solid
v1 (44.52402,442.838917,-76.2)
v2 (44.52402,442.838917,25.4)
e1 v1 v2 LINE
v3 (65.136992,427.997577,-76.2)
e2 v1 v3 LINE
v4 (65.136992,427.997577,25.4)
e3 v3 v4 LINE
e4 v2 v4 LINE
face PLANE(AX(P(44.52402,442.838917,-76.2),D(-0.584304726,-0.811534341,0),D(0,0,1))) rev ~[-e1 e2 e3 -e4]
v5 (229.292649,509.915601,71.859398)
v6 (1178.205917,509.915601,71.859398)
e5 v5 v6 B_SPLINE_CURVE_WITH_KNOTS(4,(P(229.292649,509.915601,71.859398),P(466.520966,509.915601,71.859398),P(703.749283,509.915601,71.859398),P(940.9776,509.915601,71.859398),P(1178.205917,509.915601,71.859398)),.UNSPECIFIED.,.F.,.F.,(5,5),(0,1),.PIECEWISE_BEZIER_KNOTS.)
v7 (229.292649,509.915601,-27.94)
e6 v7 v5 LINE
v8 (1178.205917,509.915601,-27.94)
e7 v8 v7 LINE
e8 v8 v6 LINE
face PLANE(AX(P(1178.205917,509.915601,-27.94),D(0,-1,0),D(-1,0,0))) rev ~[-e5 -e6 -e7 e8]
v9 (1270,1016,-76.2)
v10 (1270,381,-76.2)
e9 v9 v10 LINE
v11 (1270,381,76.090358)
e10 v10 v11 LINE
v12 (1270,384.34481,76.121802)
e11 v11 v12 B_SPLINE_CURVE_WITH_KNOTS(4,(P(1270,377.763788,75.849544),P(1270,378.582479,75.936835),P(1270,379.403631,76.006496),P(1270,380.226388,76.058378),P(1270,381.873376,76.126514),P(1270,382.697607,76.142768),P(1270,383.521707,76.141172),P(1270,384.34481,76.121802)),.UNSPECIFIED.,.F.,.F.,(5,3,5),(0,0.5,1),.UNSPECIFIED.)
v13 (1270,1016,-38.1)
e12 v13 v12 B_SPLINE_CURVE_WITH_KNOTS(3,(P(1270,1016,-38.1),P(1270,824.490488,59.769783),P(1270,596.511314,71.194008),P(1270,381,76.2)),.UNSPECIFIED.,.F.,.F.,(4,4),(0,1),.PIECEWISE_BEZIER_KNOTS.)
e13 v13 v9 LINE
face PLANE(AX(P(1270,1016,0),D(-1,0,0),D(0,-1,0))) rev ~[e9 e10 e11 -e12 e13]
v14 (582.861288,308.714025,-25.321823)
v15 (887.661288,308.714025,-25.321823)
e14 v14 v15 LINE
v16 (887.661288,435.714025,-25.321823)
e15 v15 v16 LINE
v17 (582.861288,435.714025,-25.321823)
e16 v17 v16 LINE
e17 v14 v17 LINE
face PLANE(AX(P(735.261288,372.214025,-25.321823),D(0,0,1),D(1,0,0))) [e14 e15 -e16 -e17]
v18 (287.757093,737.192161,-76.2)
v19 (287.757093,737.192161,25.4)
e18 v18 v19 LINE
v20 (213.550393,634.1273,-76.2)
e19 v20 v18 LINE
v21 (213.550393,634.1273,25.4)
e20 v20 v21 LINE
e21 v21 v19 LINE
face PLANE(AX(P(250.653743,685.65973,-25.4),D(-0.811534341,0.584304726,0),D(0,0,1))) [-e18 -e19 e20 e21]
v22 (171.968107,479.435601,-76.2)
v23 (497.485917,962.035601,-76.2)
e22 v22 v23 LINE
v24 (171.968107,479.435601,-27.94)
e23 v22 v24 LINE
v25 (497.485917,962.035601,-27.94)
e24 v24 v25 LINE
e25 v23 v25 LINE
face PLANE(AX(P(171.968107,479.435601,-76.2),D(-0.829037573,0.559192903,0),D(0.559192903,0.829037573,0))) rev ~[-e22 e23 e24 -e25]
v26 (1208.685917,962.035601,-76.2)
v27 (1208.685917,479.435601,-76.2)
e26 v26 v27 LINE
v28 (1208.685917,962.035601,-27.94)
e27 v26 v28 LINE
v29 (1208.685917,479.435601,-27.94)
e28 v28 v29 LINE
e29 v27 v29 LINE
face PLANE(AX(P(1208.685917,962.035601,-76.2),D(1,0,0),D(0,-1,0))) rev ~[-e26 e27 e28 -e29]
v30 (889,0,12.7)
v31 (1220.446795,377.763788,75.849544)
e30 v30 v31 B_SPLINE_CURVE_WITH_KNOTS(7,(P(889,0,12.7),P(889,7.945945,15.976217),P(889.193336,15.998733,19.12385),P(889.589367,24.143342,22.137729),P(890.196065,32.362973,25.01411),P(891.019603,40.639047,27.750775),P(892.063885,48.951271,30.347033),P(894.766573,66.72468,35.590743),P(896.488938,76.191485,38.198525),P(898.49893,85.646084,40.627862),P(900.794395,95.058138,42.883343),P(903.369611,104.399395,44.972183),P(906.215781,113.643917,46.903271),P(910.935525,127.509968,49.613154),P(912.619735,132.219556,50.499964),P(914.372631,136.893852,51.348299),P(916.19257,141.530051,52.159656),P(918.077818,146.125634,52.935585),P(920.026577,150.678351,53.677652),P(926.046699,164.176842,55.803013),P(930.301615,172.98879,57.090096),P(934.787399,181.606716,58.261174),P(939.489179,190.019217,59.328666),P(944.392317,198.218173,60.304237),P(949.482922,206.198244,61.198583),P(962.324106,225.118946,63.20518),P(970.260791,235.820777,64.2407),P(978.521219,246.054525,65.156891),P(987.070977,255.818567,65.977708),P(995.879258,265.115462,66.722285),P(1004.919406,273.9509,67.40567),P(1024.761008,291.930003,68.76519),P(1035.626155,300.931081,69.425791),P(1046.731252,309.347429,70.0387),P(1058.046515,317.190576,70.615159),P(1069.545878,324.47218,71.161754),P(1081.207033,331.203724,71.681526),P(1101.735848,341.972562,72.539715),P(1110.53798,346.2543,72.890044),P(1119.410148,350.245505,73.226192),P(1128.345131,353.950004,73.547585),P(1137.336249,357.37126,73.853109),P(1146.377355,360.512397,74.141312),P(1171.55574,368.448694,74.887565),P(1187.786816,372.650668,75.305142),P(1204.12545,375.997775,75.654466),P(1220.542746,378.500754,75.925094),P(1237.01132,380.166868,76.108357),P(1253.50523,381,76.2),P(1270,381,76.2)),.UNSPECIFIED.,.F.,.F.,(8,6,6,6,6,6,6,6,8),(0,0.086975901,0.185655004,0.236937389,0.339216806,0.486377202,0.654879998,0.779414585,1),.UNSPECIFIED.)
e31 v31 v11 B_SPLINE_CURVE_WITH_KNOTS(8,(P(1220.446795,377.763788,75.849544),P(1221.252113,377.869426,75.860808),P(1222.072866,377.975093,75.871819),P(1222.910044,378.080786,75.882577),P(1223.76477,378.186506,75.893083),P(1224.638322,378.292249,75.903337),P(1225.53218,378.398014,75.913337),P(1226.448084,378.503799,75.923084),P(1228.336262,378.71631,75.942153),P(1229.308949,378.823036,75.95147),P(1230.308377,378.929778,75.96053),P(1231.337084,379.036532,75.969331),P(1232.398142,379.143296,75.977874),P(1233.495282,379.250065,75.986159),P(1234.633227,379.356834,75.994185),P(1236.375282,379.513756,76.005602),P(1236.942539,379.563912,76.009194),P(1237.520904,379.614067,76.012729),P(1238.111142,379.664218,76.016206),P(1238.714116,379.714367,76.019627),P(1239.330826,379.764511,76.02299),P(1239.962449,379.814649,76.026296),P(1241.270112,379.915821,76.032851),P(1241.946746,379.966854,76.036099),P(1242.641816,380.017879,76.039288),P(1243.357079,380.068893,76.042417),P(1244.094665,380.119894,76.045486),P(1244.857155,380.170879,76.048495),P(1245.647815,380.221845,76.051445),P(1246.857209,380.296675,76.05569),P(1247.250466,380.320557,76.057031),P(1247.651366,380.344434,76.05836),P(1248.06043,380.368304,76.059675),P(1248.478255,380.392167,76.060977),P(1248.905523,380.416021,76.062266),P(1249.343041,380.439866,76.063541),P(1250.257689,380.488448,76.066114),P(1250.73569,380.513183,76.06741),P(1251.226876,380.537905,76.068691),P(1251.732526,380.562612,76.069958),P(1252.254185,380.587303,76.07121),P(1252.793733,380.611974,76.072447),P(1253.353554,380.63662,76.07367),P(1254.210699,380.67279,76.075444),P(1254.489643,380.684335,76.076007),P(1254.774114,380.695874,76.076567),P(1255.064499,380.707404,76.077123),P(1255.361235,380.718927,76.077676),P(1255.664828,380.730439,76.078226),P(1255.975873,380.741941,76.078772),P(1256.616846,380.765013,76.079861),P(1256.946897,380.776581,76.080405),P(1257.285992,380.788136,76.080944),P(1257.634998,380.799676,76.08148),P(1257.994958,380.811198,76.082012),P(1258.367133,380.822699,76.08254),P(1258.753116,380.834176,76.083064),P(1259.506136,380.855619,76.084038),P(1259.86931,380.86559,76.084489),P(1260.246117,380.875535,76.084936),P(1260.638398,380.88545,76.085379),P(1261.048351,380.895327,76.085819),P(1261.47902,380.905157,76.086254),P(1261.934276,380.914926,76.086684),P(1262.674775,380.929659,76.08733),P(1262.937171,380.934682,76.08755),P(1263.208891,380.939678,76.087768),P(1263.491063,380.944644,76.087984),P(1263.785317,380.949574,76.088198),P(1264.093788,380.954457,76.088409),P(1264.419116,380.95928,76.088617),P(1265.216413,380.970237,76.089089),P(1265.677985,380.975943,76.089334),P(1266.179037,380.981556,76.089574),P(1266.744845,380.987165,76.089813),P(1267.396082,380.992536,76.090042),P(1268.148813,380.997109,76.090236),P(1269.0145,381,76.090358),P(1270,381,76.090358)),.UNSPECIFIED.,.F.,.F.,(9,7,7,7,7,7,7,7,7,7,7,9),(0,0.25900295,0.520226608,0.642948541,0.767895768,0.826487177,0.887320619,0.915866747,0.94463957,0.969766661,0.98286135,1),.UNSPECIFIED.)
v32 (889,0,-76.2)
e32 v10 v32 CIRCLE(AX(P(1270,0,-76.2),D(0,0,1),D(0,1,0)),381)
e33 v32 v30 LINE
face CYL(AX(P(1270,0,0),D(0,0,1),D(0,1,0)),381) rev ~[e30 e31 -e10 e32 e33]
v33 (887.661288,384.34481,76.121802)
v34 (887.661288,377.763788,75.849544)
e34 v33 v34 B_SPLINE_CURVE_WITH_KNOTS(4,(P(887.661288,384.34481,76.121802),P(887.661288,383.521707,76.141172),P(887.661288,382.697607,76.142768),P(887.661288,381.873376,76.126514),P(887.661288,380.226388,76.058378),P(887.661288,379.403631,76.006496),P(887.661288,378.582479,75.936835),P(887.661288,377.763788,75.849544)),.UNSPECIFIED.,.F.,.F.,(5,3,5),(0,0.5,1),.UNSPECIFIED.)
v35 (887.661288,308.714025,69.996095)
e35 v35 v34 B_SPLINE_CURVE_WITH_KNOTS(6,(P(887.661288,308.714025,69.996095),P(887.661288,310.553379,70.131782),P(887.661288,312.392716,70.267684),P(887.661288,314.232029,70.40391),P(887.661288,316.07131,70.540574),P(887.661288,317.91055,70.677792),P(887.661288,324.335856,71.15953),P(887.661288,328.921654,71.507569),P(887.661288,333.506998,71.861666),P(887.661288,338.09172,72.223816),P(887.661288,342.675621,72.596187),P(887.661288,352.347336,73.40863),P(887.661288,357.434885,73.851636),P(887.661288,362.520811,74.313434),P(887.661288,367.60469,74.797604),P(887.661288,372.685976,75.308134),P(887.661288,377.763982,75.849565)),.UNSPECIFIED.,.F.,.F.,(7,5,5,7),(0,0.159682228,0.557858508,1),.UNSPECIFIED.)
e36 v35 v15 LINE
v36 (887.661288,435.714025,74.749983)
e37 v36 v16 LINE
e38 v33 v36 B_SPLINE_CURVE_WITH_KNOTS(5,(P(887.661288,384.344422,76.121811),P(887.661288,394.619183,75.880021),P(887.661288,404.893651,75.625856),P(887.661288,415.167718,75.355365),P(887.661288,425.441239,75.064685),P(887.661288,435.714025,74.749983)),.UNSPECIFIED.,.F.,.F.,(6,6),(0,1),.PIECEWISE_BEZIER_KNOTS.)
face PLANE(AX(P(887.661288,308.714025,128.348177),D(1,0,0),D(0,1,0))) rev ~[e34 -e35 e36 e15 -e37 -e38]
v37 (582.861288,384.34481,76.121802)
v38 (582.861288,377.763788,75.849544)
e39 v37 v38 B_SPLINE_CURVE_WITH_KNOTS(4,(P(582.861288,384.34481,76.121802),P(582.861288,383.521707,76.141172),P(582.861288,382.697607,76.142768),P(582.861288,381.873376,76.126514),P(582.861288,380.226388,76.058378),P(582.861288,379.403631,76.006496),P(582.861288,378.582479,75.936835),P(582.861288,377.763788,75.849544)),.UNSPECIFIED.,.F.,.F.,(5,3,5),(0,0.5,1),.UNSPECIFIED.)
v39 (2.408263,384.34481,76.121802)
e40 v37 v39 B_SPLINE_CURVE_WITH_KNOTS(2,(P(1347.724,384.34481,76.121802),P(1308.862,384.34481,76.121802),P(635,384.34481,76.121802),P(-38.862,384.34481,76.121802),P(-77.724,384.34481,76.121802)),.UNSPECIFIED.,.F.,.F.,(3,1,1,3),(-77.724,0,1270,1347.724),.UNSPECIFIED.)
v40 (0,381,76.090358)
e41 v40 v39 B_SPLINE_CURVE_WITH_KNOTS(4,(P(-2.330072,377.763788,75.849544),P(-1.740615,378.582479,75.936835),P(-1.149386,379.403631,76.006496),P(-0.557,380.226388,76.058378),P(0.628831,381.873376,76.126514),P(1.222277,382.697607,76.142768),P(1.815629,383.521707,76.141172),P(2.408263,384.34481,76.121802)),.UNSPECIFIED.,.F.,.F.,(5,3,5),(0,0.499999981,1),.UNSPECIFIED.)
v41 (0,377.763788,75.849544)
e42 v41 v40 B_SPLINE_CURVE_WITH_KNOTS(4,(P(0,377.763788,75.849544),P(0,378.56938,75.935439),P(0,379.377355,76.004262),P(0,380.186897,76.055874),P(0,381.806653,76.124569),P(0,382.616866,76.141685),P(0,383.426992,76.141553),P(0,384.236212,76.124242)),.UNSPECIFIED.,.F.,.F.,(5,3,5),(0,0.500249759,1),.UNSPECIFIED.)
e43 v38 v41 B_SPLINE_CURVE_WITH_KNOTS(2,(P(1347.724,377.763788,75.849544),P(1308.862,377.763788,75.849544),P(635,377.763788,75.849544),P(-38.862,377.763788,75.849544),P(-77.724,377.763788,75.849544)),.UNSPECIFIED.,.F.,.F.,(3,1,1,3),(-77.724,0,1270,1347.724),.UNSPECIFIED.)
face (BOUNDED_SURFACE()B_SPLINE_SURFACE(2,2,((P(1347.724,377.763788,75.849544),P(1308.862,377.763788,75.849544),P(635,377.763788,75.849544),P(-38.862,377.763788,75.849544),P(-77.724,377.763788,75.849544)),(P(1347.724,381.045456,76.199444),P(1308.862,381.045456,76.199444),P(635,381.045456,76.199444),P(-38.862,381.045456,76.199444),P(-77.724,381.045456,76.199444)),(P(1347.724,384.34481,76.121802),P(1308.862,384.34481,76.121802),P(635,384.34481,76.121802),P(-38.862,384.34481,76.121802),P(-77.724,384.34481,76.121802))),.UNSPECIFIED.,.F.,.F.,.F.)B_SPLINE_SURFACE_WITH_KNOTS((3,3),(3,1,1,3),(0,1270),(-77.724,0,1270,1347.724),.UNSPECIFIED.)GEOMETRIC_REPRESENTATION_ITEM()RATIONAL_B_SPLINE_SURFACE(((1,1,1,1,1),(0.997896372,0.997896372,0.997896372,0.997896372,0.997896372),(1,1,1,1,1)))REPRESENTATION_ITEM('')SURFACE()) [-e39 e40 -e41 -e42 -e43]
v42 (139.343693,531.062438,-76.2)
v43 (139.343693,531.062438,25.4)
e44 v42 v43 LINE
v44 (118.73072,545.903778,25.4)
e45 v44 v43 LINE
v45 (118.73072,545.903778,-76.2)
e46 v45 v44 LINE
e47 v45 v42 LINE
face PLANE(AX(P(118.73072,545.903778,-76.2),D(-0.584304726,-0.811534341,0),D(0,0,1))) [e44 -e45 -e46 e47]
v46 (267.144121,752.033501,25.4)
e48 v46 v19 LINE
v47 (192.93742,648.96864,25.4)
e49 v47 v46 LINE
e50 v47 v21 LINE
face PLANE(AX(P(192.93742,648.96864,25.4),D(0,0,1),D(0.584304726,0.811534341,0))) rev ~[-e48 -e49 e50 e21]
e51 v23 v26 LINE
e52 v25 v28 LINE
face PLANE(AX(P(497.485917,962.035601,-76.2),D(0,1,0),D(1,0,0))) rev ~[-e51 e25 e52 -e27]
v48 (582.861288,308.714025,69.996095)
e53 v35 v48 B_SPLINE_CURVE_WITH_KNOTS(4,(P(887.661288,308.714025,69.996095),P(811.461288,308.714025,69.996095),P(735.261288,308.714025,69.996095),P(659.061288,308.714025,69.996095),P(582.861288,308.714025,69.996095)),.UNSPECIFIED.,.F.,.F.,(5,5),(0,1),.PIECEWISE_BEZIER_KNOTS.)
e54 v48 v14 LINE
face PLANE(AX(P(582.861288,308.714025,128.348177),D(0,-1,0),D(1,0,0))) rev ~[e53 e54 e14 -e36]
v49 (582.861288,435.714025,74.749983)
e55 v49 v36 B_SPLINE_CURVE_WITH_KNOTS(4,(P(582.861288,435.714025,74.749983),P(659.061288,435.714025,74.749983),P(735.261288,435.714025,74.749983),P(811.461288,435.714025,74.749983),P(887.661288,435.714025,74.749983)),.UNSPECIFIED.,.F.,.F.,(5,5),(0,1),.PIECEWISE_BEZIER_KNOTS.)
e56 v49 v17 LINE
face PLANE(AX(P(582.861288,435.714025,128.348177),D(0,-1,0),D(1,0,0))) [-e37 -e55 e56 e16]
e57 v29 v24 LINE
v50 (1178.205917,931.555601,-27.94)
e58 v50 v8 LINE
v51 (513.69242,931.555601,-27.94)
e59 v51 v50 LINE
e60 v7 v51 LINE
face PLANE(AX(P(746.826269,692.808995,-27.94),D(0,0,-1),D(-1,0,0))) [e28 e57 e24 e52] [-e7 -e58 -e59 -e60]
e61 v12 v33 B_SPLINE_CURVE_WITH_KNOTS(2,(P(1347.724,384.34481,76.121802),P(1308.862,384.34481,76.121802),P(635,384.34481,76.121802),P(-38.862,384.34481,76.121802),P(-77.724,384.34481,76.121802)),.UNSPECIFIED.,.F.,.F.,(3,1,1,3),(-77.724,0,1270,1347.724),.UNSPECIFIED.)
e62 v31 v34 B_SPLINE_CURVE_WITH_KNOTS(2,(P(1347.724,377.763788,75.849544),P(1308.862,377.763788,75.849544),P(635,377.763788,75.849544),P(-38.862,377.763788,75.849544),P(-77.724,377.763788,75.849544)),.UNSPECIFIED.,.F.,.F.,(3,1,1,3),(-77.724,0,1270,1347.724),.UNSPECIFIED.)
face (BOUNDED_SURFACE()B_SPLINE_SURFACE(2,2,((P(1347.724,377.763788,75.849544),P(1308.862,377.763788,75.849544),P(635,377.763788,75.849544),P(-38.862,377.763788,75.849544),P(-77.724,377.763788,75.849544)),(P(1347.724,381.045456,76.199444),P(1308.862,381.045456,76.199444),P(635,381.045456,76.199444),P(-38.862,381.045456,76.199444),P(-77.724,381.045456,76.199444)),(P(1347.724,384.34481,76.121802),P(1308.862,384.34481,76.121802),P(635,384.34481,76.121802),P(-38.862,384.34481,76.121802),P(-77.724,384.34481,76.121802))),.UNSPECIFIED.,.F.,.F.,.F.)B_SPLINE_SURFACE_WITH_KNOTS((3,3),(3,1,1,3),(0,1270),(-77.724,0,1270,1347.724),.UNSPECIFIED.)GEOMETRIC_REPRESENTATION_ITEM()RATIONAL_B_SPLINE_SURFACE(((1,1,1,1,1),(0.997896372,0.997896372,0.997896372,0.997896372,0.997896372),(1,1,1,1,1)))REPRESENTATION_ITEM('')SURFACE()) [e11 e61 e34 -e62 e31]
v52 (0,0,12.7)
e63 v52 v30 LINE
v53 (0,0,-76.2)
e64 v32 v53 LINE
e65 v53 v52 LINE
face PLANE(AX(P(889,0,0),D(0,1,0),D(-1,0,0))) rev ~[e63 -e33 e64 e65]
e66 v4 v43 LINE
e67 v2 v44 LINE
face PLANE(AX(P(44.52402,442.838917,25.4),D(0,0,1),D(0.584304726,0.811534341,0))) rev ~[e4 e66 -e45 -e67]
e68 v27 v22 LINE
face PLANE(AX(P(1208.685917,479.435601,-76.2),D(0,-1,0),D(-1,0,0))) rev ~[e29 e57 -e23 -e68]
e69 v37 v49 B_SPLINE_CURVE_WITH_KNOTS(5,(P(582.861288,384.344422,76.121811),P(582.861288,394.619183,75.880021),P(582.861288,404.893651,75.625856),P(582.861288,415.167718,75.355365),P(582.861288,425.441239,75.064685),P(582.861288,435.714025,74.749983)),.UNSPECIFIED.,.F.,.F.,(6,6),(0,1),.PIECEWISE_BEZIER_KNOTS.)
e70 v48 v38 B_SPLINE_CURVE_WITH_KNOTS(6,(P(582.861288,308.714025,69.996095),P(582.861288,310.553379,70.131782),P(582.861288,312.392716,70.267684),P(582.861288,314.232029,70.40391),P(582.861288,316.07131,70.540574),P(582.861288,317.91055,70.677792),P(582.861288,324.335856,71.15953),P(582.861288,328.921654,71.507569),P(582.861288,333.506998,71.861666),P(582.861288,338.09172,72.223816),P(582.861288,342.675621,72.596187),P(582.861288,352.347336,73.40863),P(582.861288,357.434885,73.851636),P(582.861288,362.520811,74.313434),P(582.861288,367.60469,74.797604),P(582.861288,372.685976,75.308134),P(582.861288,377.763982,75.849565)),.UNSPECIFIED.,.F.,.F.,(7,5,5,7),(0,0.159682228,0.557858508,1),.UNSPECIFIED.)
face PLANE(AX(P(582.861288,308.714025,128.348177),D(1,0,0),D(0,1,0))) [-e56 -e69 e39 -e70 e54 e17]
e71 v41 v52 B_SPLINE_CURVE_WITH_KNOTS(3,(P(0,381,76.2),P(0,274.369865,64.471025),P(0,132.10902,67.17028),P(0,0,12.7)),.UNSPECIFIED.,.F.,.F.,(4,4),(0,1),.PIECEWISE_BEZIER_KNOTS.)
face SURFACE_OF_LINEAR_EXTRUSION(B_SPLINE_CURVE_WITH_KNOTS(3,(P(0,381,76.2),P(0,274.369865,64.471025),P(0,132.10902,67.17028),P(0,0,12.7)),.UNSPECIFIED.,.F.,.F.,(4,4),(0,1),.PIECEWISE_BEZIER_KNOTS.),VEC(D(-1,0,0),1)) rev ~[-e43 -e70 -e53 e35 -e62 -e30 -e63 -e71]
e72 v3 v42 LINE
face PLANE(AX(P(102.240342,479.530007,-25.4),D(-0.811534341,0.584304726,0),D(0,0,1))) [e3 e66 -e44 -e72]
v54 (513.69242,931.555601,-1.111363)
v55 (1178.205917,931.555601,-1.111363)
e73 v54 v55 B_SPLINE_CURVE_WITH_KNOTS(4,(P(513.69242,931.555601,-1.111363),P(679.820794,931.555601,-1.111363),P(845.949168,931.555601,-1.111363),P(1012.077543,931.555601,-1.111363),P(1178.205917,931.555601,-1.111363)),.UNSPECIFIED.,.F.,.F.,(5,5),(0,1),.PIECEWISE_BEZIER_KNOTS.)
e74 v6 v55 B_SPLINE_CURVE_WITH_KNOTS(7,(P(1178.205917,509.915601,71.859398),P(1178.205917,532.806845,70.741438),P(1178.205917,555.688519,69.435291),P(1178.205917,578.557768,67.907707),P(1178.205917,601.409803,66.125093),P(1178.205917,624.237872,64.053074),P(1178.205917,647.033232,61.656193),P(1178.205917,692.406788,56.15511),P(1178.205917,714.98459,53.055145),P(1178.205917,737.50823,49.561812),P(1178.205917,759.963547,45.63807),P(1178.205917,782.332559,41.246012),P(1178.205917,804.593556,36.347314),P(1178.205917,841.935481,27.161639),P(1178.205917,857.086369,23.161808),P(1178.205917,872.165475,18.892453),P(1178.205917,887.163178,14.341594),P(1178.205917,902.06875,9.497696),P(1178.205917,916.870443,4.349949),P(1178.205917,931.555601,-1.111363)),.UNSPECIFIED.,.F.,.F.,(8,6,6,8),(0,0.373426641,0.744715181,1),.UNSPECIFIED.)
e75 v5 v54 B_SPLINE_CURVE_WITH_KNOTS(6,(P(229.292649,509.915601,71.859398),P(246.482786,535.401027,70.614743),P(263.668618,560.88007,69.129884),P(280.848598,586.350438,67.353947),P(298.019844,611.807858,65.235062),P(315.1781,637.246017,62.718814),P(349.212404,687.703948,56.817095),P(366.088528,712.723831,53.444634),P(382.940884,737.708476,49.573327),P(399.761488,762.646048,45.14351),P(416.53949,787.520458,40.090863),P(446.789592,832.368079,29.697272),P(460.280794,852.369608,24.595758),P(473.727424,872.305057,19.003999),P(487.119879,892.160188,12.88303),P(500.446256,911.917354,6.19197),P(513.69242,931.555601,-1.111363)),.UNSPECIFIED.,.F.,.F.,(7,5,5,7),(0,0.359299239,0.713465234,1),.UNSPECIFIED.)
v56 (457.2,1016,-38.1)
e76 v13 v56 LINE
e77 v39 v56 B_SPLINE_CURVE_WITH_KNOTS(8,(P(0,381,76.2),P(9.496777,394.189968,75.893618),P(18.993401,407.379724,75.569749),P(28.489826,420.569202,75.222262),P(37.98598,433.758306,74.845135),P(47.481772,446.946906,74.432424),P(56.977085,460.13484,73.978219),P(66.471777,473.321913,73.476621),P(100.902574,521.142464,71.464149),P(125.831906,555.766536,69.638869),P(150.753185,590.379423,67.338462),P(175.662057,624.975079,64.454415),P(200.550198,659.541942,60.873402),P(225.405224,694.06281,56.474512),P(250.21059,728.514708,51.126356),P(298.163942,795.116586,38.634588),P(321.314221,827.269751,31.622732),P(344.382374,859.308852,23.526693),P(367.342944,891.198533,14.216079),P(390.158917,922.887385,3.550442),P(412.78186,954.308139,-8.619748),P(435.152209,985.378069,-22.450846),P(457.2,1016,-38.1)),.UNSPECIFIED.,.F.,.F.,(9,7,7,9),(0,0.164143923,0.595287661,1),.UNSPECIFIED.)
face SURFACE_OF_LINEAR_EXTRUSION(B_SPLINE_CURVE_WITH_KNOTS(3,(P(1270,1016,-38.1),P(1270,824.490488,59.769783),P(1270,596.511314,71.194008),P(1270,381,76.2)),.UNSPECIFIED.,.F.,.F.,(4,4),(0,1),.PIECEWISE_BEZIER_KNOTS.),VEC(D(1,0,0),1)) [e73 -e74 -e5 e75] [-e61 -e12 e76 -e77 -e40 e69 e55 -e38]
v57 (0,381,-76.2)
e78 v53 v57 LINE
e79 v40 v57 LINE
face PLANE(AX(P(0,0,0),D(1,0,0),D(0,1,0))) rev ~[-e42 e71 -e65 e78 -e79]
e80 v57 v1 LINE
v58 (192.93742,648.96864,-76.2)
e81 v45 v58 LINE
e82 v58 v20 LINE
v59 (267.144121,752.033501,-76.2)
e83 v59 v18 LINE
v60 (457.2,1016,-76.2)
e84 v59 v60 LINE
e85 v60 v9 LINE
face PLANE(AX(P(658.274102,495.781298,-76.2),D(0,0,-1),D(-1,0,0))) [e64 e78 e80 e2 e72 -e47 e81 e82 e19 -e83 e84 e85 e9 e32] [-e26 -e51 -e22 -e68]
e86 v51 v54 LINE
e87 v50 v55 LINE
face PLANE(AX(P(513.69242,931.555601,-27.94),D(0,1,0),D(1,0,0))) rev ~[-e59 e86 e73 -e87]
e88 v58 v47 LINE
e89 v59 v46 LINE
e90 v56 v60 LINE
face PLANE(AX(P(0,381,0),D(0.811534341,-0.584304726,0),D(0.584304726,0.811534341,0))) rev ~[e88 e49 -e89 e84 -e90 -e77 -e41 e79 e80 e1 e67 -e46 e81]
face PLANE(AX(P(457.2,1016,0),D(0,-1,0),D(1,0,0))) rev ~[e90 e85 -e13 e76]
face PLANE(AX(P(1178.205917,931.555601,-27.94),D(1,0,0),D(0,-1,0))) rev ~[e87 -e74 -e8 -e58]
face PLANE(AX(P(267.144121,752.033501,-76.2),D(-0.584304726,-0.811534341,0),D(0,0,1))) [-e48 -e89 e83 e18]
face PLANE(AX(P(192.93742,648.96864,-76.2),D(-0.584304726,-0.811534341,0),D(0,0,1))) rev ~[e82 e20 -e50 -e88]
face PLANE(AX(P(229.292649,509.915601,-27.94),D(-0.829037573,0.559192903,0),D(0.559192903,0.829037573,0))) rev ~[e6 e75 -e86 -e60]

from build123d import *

# Parameters (mm, degrees)
BOSS_EXTRUDE1_DEPTH = 76.2
CUT_EXTRUDE1_DEPTH  = 1629.177643871
CUT_EXTRUDE2_DEPTH  = 1629.177644016
FILLET1_R           = 50.8
CUT_EXTRUDE3_DEPTH  = 48.26
CUT_EXTRUDE4_DEPTH  = 1506.588524386
SKETCH5_W           = 101.6
SKETCH5_H           = 127
CUT_EXTRUDE5_DEPTH  = 25.4
LPATTERN1_COUNT     = 2
LPATTERN1_PITCH     = 254
SKETCH6_W           = 304.8
SKETCH6_H           = 127
CUT_EXTRUDE6_DEPTH  = 153.67


with BuildPart() as part:
    # Sketch1 → Boss-Extrude1 (new, symmetric)
    with BuildSketch(Plane.XY):
        with BuildLine():
            Line((0, 0), (0, 381))
            Line((0, 381), (457.2, 1016))
            Line((457.2, 1016), (1270, 1016))
            Line((1270, 1016), (1270, 381))
            ThreePointArc((1270, 381), (1000.592316368, 269.407683632), (889, 0))
            Line((889, 0), (0, 0))
        make_face()
    extrude(amount=BOSS_EXTRUDE1_DEPTH, both=True)

    # Sketch2 → Cut-Extrude1 (cut, through all)
    with BuildSketch(Plane(origin=(1270, 0, 0), x_dir=(0, 0, -1), z_dir=(1, 0, 0))):
        with BuildLine():
            Line((-76.2, 1016), (38.1, 1016))
            add(Edge.make_bspline(
                [(38.1, 1016), (-59.769782928, 824.490487528), (-71.194008123, 596.511314057), (-76.2, 381)],
                knots=[0, 0, 0, 0, 1, 1, 1, 1], degree=3))
            Line((-76.2, 381), (-76.2, 1016))
        make_face()
    extrude(amount=-CUT_EXTRUDE1_DEPTH, mode=Mode.SUBTRACT)

    # Sketch3 → Cut-Extrude2 (cut, through all)
    with BuildSketch(Plane.ZY):
        with BuildLine():
            Line((76.2, 0), (12.7, 0))
            add(Edge.make_bspline(
                [(76.2, 381), (64.47102467, 274.36986488), (67.170280271, 132.109019993), (12.7, 0)],
                knots=[0, 0, 0, 0, 1, 1, 1, 1], degree=3))
            Line((76.2, 381), (76.2, 0))
        make_face()
    extrude(amount=-CUT_EXTRUDE2_DEPTH, mode=Mode.SUBTRACT)

    # Fillet1
    fillet1_edges = [part.edges().sort_by_distance(p)[0] for p in [
        (635, 381, 76.2),
    ]]
    fillet(fillet1_edges, radius=FILLET1_R)

    # Sketch4 → Cut-Extrude3 (cut)
    with BuildSketch(Plane(origin=(0, 0, -76.2), x_dir=(-1, 0, 0), z_dir=(0, 0, -1))):
        Polygon((-1208.685916752, 962.035600553), (-1208.685916752, 479.435600553), (-171.968106524, 479.435600553), (-497.485916752, 962.035600553), align=None)
    extrude(amount=-CUT_EXTRUDE3_DEPTH, mode=Mode.SUBTRACT)

    # 3DSketch1 → Cut-Extrude4 (cut, through all)
    with BuildSketch(Plane(origin=(1178.205916752, 931.555600553, -27.94), x_dir=(-0.9138470118423624, -0.4060586644153593, 0), z_dir=(0, 0, 1))):
        Polygon((0, 0), (171.210575264, 385.314454073), (1038.372129325, 0), (607.263673126, -269.831462884), align=None)
    extrude(amount=CUT_EXTRUDE4_DEPTH, mode=Mode.SUBTRACT)

    # Sketch5 → Cut-Extrude5 (cut)
    with BuildSketch(Plane(origin=(-180.663856691, 130.077976818, 0), x_dir=(0, 0, 1), z_dir=(-0.8115343414514944, 0.5843047258450759, 0))):
        with Locations((-25.4, 448.894584093)):
            Rectangle(SKETCH5_W, SKETCH5_H)
    cut_extrude5 = extrude(amount=-CUT_EXTRUDE5_DEPTH, mode=Mode.SUBTRACT)

    # LPattern1: Cut-Extrude5 ×2
    with Locations(*[Vector(0.5843047258450755, 0.8115343414514946, 0) * (i * LPATTERN1_PITCH) for i in range(1, LPATTERN1_COUNT)]):
        add(cut_extrude5, mode=Mode.SUBTRACT)

    # Sketch6 → Cut-Extrude6 (cut)
    with BuildSketch(Plane.XY.offset(128.348177056)):
        with Locations((735.261288267, 372.214025497)):
            Rectangle(SKETCH6_W, SKETCH6_H)
    extrude(amount=-CUT_EXTRUDE6_DEPTH, mode=Mode.SUBTRACT)


solid = part.part
